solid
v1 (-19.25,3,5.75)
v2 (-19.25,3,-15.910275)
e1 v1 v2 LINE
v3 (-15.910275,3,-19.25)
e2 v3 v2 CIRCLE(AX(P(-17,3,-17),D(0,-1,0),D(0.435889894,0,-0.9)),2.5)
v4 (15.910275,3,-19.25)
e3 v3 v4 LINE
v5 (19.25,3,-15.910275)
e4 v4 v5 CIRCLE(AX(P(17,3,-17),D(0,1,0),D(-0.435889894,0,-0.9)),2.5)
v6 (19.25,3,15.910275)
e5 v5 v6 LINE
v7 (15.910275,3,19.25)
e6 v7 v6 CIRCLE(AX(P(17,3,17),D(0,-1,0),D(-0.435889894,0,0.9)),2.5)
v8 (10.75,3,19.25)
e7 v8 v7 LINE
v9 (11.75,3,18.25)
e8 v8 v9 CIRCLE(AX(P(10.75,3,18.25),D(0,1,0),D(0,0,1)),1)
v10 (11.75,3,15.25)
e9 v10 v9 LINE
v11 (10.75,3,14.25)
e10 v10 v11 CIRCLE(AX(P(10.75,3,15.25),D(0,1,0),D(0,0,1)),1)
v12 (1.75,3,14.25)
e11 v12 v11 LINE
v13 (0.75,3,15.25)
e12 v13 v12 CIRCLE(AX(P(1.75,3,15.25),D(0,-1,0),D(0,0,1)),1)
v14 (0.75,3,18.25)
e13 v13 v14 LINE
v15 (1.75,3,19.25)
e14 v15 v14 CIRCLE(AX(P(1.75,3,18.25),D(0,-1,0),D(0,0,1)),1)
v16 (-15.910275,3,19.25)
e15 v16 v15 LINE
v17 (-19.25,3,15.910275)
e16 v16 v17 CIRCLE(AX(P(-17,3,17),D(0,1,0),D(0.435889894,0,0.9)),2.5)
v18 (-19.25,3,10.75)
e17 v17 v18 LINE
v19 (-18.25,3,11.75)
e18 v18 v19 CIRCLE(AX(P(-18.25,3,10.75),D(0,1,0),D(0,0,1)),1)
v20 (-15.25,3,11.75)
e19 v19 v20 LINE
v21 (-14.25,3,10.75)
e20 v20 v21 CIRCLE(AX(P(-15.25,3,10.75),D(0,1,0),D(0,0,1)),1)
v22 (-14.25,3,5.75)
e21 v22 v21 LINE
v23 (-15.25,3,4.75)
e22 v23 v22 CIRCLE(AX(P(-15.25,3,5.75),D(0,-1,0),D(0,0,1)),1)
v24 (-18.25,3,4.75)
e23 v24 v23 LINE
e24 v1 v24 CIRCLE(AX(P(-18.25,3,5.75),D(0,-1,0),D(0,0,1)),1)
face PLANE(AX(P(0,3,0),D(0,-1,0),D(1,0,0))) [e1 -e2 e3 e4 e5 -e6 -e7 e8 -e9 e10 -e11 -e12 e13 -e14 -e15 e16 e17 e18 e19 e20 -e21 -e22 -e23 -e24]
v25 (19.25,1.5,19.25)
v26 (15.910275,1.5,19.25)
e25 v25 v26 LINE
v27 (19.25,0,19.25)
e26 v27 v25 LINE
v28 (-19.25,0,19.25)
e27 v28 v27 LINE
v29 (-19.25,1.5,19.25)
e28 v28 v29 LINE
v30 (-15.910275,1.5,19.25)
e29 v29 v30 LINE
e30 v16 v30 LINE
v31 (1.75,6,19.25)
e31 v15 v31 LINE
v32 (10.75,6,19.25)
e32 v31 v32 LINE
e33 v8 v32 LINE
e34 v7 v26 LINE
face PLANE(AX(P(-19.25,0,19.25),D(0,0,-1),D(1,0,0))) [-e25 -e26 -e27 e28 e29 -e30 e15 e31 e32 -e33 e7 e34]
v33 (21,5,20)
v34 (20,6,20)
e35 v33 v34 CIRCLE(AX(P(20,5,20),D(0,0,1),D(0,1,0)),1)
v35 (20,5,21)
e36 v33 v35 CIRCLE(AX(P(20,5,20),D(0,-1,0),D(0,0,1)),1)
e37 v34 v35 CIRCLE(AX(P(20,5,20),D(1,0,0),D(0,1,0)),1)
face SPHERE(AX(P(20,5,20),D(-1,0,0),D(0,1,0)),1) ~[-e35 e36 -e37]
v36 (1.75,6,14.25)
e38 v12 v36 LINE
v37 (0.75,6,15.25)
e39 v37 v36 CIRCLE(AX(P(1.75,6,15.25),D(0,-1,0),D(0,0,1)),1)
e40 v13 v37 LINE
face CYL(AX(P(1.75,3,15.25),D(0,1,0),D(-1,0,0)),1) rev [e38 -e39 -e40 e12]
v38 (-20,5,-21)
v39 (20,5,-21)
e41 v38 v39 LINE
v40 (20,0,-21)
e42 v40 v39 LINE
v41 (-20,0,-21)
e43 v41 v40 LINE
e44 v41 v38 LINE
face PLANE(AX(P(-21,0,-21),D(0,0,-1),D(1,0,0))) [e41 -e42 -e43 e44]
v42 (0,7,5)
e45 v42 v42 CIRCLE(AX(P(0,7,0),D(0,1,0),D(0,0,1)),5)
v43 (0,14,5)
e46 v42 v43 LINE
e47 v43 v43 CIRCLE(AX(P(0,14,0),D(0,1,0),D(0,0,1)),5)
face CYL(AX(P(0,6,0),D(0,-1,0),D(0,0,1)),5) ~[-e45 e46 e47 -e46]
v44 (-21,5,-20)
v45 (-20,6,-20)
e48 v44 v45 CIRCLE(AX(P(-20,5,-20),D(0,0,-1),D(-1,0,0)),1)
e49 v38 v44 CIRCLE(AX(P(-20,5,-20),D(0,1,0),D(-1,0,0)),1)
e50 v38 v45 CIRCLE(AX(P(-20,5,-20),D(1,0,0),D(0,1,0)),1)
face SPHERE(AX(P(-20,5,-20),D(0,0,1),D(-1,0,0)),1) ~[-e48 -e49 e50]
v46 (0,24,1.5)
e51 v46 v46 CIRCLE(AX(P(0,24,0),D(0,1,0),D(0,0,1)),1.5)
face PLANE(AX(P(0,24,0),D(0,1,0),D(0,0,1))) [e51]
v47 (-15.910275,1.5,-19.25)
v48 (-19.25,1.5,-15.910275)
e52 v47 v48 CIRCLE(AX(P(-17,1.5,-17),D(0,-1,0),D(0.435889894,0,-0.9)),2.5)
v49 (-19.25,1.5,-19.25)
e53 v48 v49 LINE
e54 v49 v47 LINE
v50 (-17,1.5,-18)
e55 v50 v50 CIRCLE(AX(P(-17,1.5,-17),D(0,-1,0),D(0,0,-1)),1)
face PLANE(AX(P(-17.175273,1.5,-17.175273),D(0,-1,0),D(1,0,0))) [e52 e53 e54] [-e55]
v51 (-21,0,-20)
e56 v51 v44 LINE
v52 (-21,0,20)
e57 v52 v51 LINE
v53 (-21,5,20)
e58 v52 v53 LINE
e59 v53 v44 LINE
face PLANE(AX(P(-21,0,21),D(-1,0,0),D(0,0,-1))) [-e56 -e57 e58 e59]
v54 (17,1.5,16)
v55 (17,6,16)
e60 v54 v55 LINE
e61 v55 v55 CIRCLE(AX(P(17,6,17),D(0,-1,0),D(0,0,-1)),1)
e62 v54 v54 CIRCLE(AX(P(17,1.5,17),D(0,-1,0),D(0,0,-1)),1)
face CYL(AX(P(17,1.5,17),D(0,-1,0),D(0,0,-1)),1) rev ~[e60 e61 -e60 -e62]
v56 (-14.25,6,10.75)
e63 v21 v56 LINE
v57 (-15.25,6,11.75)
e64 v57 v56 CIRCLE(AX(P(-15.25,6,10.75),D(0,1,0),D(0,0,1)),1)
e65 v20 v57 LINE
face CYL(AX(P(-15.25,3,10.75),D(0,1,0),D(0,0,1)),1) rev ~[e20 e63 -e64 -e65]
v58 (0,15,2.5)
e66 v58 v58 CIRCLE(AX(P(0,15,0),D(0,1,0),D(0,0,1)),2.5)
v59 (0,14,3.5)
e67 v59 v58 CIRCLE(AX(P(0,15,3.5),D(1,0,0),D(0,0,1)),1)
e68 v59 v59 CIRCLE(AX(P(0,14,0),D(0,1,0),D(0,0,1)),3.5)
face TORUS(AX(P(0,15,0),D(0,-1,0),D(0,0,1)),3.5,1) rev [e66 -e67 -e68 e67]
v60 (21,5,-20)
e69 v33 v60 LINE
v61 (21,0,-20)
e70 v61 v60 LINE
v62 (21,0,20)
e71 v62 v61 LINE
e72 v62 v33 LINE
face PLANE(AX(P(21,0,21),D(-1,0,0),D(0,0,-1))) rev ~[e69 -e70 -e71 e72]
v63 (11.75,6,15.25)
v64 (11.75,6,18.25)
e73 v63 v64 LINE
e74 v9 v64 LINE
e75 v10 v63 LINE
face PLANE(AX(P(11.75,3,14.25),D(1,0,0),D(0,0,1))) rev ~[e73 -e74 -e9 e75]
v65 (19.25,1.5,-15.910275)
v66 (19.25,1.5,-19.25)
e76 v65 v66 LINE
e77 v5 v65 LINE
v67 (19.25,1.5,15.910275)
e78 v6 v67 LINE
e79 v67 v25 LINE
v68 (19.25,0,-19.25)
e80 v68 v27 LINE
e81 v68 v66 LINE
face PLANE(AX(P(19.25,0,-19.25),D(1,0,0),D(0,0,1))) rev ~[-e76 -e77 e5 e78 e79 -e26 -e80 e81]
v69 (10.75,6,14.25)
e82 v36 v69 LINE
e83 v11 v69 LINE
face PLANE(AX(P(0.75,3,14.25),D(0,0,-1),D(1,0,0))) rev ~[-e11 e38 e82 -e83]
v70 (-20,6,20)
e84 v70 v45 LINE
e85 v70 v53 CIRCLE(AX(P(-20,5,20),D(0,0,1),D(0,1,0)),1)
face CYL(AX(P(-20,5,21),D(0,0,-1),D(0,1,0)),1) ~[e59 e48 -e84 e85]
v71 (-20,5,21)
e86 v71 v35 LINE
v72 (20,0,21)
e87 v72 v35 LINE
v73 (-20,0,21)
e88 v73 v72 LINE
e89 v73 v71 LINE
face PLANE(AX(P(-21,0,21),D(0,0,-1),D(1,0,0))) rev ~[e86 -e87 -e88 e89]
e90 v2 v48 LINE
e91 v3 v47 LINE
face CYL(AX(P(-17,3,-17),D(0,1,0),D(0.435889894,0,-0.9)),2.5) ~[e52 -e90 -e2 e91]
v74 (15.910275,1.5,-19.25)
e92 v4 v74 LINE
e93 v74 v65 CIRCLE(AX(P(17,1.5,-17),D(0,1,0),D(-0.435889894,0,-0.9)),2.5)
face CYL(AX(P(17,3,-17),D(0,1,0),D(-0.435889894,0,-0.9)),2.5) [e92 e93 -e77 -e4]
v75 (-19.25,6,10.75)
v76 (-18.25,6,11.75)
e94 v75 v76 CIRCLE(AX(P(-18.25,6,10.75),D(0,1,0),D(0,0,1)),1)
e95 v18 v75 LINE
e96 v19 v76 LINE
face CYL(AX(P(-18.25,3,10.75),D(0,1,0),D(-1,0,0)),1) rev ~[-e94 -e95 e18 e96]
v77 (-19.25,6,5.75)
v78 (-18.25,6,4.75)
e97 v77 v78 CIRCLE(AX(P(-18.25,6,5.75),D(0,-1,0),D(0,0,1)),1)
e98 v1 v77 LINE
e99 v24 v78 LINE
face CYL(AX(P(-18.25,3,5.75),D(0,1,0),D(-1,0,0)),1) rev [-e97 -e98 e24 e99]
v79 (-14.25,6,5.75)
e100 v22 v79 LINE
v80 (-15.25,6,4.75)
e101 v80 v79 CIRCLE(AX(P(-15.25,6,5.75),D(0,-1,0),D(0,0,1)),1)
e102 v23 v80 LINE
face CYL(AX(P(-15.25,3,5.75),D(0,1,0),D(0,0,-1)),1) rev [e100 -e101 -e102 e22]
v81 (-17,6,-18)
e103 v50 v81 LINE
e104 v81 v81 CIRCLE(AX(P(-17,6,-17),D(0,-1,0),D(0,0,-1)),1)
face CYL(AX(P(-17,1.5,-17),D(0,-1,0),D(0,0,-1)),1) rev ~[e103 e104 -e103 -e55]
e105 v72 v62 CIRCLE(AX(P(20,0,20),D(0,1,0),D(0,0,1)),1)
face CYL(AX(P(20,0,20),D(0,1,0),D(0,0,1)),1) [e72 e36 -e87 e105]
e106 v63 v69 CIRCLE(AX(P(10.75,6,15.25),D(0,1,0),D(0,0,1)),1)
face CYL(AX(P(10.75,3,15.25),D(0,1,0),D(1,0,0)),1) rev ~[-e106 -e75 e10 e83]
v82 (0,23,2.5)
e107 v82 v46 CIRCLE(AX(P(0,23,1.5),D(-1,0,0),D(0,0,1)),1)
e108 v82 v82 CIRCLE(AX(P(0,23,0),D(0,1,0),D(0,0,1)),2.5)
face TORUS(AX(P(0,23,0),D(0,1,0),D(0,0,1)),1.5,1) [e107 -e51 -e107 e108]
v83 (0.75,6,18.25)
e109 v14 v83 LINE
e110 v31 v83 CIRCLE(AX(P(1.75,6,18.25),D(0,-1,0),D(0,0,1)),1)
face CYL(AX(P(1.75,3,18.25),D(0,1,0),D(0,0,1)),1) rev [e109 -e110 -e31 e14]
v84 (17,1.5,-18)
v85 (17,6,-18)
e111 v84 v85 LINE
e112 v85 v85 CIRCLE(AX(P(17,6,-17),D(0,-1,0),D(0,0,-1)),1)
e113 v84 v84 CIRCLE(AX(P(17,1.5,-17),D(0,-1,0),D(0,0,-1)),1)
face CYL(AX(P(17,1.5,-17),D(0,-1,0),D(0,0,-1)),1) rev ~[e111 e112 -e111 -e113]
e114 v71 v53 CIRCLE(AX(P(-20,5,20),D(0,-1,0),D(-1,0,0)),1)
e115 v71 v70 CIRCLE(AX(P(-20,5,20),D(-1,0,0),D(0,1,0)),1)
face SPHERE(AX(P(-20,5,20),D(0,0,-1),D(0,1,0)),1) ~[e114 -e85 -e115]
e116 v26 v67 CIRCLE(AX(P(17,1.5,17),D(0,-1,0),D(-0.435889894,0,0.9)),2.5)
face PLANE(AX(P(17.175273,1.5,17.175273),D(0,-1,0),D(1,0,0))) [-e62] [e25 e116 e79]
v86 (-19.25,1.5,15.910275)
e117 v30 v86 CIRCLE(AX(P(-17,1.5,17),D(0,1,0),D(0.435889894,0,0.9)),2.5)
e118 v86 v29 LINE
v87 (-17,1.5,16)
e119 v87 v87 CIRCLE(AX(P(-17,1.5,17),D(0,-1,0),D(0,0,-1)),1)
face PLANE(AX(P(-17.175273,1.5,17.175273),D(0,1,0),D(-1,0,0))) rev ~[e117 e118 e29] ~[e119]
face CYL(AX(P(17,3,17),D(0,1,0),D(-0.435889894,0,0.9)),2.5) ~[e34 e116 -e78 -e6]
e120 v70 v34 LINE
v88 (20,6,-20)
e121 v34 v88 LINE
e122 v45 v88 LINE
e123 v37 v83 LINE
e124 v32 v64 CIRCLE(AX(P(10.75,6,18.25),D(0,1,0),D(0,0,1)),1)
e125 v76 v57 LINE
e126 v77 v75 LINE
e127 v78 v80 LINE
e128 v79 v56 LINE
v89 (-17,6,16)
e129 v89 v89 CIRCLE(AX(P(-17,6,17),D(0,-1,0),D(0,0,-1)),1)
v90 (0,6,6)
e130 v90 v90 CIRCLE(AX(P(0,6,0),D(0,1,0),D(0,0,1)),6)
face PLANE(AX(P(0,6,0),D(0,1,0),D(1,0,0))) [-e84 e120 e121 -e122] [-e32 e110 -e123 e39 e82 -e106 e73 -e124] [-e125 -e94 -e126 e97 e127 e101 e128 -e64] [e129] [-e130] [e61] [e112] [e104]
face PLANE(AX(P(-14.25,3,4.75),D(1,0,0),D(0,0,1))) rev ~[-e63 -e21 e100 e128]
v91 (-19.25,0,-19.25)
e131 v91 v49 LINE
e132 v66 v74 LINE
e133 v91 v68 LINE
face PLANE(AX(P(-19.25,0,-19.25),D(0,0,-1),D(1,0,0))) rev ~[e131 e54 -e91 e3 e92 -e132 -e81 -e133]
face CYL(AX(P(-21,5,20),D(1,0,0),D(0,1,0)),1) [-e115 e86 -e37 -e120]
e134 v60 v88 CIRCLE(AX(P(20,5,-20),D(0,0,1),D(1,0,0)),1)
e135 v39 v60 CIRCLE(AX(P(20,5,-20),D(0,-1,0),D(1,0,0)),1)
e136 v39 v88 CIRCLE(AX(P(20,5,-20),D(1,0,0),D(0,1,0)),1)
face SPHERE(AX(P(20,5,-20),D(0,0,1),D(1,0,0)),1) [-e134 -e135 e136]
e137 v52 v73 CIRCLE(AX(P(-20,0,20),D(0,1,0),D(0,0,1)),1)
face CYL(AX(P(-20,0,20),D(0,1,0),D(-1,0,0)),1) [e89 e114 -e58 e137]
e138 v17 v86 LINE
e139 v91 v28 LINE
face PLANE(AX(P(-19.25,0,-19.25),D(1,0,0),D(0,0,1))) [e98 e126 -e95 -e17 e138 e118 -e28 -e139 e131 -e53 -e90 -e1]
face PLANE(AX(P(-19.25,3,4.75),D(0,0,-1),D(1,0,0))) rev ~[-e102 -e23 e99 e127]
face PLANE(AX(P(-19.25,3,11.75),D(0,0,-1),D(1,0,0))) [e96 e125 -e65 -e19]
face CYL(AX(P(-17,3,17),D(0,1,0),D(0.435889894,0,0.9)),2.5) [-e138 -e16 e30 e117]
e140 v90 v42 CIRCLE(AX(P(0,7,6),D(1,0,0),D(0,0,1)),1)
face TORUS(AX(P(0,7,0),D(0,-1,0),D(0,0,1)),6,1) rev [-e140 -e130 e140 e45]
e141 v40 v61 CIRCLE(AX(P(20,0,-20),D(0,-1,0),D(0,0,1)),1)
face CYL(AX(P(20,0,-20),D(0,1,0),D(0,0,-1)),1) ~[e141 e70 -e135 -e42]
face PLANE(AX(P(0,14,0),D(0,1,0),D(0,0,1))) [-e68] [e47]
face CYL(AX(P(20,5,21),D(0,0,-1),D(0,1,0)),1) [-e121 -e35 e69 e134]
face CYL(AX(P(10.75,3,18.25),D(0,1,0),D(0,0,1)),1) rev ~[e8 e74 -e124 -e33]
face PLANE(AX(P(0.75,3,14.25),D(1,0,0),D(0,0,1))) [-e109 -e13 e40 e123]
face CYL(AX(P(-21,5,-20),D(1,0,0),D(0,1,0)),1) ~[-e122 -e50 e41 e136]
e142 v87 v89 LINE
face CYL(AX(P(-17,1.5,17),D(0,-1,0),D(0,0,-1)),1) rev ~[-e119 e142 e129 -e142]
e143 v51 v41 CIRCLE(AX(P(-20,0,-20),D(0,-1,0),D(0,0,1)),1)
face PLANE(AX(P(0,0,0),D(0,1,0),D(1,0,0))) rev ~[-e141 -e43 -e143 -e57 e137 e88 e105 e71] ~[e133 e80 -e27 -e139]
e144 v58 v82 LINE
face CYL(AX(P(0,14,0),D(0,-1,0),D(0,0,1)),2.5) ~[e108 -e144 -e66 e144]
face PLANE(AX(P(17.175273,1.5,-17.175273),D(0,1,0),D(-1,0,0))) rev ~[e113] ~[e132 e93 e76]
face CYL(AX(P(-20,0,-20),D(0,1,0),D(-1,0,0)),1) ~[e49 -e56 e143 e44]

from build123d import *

# Parameters (mm, degrees)
SKETCH1_W           = 42
SKETCH1_H           = 42
BOSS_EXTRUDE1_DEPTH = 6
SKETCH2_W           = 38.5
SKETCH2_H           = 38.5
CUT_EXTRUDE1_DEPTH  = 3
CUT_EXTRUDE2_REACH  = 31.85
SKETCH3_W           = 5
SKETCH3_H           = 7
SKETCH3_W_2         = 11
SKETCH3_H_2         = 5
BOSS_EXTRUDE2_DEPTH = 1.5
SKETCH5_R           = 1
CUT_EXTRUDE3_DEPTH  = 31.037476592
SKETCH6_R           = 5
BOSS_EXTRUDE3_DEPTH = 8
SKETCH7_R           = 2.5
BOSS_EXTRUDE4_DEPTH = 10
FILLET1_R           = 1


with BuildPart() as part:
    # Sketch1 → Boss-Extrude1 (new body)
    with BuildSketch(Plane(origin=(0, 0, 0), x_dir=(1, 0, 0), z_dir=(0, 1, 0))):
        Rectangle(SKETCH1_W, SKETCH1_H)
    extrude(amount=BOSS_EXTRUDE1_DEPTH)

    # Sketch2 → Cut-Extrude1 (cut)
    with BuildSketch(Plane.XZ):
        Rectangle(SKETCH2_W, SKETCH2_H)
    extrude(amount=-CUT_EXTRUDE1_DEPTH, mode=Mode.SUBTRACT)

    # Sketch3 → Cut-Extrude2 (cut, up to next)
    with BuildSketch(Plane.XZ.offset(-3), mode=Mode.PRIVATE) as cut_extrude2_sk1:
        with Locations((-16.75, 8.25)):
            Rectangle(SKETCH3_W, SKETCH3_H)
    cut_extrude2_tool1 = extrude(cut_extrude2_sk1.sketch, amount=-CUT_EXTRUDE2_REACH, mode=Mode.PRIVATE) & part.part
    # Sketch3 → Cut-Extrude2 (cut, up to next)
    with BuildSketch(Plane.XZ.offset(-3), mode=Mode.PRIVATE) as cut_extrude2_sk2:
        with Locations((6.25, 16.75)):
            Rectangle(SKETCH3_W_2, SKETCH3_H_2)
    cut_extrude2_tool2 = extrude(cut_extrude2_sk2.sketch, amount=-CUT_EXTRUDE2_REACH, mode=Mode.PRIVATE) & part.part
    add(cut_extrude2_tool1.solids().sort_by_distance((-16.75, 3, 8.25))[0], mode=Mode.SUBTRACT)
    add(cut_extrude2_tool2.solids().sort_by_distance((6.25, 3, 16.75))[0], mode=Mode.SUBTRACT)

    # Sketch4 → Boss-Extrude2 (add)
    with BuildSketch(Plane.XZ.offset(-3)):
        with BuildLine():
            Line((-19.25, 15.910275264), (-19.25, 19.25))
            Line((-19.25, 19.25), (-15.910275264, 19.25))
            ThreePointArc((-15.910275264, 19.25), (-15.232233047, 15.232233047), (-19.25, 15.910275264))
        make_face()
        with BuildLine():
            Line((19.25, 19.25), (15.910275264, 19.25))
            ThreePointArc((15.910275264, 19.25), (15.232233047, 15.232233047), (19.25, 15.910275264))
            Line((19.25, 15.910275264), (19.25, 19.25))
        make_face()
        with BuildLine():
            Line((-19.25, -19.25), (-15.910275264, -19.25))
            ThreePointArc((-15.910275264, -19.25), (-15.232233047, -15.232233047), (-19.25, -15.910275264))
            Line((-19.25, -15.910275264), (-19.25, -19.25))
        make_face()
        with BuildLine():
            Line((19.25, -15.910275264), (19.25, -19.25))
            Line((19.25, -19.25), (15.910275264, -19.25))
            ThreePointArc((15.910275264, -19.25), (15.232233047, -15.232233047), (19.25, -15.910275264))
        make_face()
    extrude(amount=BOSS_EXTRUDE2_DEPTH)

    # Sketch5 → Cut-Extrude3 (cut, through all)
    with BuildSketch(Plane.XZ.offset(-1.5)):
        with Locations(Location((-17, 17, 0), (0, 0, 270))):
            Circle(SKETCH5_R)
        with Locations(Location((17, 17, 0), (0, 0, 270))):
            Circle(SKETCH5_R)
        with Locations(Location((17, -17, 0), (0, 0, 270))):
            Circle(SKETCH5_R)
        with Locations(Location((-17, -17, 0), (0, 0, 270))):
            Circle(SKETCH5_R)
    extrude(amount=-CUT_EXTRUDE3_DEPTH, mode=Mode.SUBTRACT)

    # Sketch6 → Boss-Extrude3 (add)
    with BuildSketch(Plane(origin=(0, 6, 0), x_dir=(1, 0, 0), z_dir=(0, 1, 0))):
        with Locations(Location((0, 0, 0), (0, 0, 270))):
            Circle(SKETCH6_R)
    extrude(amount=BOSS_EXTRUDE3_DEPTH)

    # Sketch7 → Boss-Extrude4 (add)
    with BuildSketch(Plane(origin=(0, 14, 0), x_dir=(1, 0, 0), z_dir=(0, 1, 0))):
        with Locations(Location((0, 0, 0), (0, 0, 270))):
            Circle(SKETCH7_R)
    extrude(amount=BOSS_EXTRUDE4_DEPTH)

    # Fillet1
    fillet1_edges = [part.edges().sort_by_distance(p)[0] for p in [
        (0, 6, -5),
        (0, 14, -2.5),
        (0, 24, -2.5),
        (-21, 6, 0),
        (0, 6, 21),
        (-14.25, 4.5, 11.75),
        (-14.25, 4.5, 4.75),
        (-19.25, 4.5, 4.75),
        (-19.25, 4.5, 11.75),
        (11.75, 4.5, 19.25),
        (11.75, 4.5, 14.25),
        (0.75, 4.5, 14.25),
        (0.75, 4.5, 19.25),
        (21, 6, 0),
        (21, 3, 21),
        (-21, 3, 21),
        (-21, 3, -21),
        (21, 3, -21),
        (0, 6, -21),
    ]]
    fillet(fillet1_edges, radius=FILLET1_R)


solid = part.part
